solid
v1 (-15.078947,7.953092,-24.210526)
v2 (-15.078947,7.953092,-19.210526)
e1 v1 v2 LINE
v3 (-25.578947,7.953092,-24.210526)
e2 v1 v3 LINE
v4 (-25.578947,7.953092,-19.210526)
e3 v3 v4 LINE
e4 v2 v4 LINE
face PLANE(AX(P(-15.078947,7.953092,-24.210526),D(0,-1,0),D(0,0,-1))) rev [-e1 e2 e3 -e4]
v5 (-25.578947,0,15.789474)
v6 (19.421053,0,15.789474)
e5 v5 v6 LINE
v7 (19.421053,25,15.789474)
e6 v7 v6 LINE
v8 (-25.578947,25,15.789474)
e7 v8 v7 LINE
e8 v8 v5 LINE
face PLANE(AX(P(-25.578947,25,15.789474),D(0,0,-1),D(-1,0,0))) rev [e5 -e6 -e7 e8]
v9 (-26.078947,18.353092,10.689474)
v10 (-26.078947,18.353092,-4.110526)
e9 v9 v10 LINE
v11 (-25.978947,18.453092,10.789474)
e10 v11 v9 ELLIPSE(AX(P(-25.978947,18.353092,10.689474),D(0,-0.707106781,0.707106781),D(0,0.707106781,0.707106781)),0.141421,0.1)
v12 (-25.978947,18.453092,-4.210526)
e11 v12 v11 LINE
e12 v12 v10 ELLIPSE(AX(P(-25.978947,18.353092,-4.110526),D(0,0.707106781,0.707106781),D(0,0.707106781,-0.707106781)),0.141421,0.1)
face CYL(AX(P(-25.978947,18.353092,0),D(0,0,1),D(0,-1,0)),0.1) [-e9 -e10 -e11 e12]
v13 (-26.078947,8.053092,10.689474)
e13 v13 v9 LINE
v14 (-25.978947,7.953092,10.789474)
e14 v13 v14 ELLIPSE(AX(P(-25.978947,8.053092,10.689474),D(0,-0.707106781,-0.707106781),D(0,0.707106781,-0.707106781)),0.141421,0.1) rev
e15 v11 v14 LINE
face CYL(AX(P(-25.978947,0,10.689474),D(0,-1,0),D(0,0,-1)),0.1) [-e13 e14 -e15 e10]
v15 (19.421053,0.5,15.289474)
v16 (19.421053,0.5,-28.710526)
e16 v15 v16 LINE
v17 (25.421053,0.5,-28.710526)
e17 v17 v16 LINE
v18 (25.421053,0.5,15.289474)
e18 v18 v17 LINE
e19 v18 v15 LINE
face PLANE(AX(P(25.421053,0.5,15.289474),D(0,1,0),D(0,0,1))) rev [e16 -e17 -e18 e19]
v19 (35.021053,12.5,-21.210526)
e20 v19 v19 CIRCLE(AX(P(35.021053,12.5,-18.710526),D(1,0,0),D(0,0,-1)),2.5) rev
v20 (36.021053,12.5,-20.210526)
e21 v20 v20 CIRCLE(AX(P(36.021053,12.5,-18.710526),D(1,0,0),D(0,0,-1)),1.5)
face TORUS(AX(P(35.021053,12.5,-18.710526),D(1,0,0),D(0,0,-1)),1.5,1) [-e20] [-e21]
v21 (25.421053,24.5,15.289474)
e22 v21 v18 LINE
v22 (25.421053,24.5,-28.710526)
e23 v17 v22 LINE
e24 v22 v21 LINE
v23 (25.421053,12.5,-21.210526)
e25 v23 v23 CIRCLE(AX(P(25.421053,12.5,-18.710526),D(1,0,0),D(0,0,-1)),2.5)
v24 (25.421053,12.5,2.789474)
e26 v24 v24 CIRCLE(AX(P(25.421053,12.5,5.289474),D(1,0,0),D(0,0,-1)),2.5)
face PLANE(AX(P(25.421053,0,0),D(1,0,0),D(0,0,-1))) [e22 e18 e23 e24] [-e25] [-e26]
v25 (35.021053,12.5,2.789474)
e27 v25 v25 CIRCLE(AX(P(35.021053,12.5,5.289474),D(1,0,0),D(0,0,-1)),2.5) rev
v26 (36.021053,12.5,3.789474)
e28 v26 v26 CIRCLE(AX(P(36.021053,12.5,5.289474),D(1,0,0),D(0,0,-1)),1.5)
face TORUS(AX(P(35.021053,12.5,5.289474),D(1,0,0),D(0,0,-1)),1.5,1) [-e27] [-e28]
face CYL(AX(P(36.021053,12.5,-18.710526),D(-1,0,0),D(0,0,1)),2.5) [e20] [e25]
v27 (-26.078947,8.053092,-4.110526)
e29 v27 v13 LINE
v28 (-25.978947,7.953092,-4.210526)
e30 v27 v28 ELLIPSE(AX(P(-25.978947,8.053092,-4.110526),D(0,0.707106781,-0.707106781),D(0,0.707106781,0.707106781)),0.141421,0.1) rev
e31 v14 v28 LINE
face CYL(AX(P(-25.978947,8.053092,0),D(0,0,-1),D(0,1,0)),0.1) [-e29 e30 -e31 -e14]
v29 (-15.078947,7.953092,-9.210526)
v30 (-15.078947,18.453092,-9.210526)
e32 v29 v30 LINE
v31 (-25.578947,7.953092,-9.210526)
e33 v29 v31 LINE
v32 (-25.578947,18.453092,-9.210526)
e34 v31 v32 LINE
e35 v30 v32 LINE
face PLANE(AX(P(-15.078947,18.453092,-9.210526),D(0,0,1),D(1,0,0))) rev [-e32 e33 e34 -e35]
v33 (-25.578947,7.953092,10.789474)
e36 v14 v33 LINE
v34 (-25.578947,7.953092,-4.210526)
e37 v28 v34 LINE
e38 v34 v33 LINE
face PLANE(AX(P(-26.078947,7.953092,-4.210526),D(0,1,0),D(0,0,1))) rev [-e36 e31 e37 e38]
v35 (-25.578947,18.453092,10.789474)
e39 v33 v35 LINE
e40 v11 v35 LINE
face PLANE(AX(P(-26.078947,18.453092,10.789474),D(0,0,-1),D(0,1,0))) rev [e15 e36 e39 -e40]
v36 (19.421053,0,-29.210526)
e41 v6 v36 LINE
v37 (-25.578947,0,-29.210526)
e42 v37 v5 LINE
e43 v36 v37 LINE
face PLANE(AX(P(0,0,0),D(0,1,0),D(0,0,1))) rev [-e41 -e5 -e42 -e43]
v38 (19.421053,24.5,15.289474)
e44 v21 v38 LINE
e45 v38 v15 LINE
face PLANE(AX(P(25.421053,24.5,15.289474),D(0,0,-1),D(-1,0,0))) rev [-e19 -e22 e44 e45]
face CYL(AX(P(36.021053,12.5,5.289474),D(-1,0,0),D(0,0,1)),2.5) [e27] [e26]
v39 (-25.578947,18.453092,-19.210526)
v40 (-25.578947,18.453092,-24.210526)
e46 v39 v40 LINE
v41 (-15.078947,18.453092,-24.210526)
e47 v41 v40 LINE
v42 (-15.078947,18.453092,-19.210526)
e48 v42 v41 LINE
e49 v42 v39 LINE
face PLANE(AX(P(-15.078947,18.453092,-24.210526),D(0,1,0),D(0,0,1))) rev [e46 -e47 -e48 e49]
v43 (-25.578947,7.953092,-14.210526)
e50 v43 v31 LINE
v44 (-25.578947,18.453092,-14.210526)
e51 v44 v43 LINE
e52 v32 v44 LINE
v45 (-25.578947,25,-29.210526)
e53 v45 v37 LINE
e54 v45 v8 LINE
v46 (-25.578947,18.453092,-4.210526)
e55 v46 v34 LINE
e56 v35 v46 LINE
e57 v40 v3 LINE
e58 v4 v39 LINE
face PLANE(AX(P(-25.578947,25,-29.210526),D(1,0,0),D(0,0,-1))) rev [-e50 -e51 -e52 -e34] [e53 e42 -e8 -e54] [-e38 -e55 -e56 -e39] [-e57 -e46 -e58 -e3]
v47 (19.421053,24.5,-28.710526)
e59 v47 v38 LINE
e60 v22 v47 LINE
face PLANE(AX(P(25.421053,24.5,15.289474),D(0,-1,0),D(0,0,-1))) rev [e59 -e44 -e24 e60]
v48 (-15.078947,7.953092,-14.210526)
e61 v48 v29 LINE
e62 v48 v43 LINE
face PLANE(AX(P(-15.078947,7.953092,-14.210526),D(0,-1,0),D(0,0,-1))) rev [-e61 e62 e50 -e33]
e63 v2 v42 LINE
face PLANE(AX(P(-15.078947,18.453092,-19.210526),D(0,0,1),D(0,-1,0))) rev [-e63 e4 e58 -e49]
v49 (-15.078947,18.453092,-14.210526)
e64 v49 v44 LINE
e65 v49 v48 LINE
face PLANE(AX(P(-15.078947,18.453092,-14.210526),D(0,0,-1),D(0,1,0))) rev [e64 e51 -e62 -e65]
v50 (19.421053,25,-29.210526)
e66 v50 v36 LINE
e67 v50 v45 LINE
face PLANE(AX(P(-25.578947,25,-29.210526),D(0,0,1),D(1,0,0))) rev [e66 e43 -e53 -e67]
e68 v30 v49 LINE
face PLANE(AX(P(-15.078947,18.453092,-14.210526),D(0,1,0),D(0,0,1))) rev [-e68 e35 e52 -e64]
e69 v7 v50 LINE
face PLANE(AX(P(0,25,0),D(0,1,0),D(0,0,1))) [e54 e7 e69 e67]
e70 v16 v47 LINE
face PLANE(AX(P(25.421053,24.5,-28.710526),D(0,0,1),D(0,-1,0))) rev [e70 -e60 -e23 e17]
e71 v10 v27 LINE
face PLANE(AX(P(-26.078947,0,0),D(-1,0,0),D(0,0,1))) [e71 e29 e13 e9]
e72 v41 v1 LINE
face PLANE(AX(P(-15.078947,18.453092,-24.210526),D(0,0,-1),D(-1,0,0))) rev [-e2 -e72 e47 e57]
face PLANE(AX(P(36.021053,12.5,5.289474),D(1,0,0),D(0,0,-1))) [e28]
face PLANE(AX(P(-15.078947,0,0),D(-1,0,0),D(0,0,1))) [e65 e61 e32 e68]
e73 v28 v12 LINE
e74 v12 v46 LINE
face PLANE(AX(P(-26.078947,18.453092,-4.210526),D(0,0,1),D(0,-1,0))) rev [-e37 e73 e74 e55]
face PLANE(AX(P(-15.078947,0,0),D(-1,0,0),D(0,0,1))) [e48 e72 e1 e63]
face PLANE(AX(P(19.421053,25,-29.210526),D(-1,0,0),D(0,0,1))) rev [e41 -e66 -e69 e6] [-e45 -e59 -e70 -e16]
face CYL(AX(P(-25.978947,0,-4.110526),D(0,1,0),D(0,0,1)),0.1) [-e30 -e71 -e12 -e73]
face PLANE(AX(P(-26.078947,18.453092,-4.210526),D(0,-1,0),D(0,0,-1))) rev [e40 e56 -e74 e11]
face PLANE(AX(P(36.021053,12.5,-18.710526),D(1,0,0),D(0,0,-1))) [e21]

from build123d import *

# Parameters (mm, degrees)
SKETCH1_W           = 45
SKETCH1_H           = 45
BOSS_EXTRUDE1_DEPTH = 25
SKETCH2_W           = 44
SKETCH2_H           = 24
BOSS_EXTRUDE2_DEPTH = 6
SKETCH3_R           = 2.5
BOSS_EXTRUDE3_DEPTH = 10.6
FILLET12_R          = 1
FILLET13_R          = 1
SKETCH4_W           = 5
SKETCH4_H           = 10.5
CUT_EXTRUDE1_DEPTH  = 10.5
SKETCH5_W           = 15
SKETCH5_H           = 10.5
BOSS_EXTRUDE4_DEPTH = 0.5
FILLET14_R          = 0.1


with BuildPart() as part:
    # Sketch1 → Boss-Extrude1 (new body)
    with BuildSketch(Plane(origin=(0, 0, 0), x_dir=(1, 0, 0), z_dir=(0, 1, 0))):
        with Locations((-3.078947368, 6.710526316)):
            Rectangle(SKETCH1_W, SKETCH1_H)
    extrude(amount=BOSS_EXTRUDE1_DEPTH)

    # Sketch2 → Boss-Extrude2 (add)
    with BuildSketch(Plane(origin=(19.421052632, 0, 0), x_dir=(0, 0, -1), z_dir=(1, 0, 0))):
        with Locations((6.710526316, 12.5)):
            Rectangle(SKETCH2_W, SKETCH2_H)
    extrude(amount=BOSS_EXTRUDE2_DEPTH)

    # Sketch3 → Boss-Extrude3 (add)
    with BuildSketch(Plane(origin=(25.421052632, 0, 0), x_dir=(0, 0, -1), z_dir=(1, 0, 0))):
        with Locations((18.710526316, 12.5)):
            Circle(SKETCH3_R)
        with Locations((-5.289473684, 12.5)):
            Circle(SKETCH3_R)
    extrude(amount=BOSS_EXTRUDE3_DEPTH)

    # Fillet12
    fillet12_edges = [part.edges().sort_by_distance(p)[0] for p in [
        (36.021052632, 12.5, 7.789473684),
    ]]
    fillet(fillet12_edges, radius=FILLET12_R)

    # Fillet13
    fillet13_edges = [part.edges().sort_by_distance(p)[0] for p in [
        (36.021052632, 12.5, -16.210526316),
    ]]
    fillet(fillet13_edges, radius=FILLET13_R)

    # Sketch4 → Cut-Extrude1 (cut)
    with BuildSketch(Plane.ZY.offset(25.578947368)):
        with Locations((-21.710526316, 13.203091604)):
            Rectangle(SKETCH4_W, SKETCH4_H)
        with Locations((-11.710526316, 13.203091604)):
            Rectangle(SKETCH4_W, SKETCH4_H)
    extrude(amount=-CUT_EXTRUDE1_DEPTH, mode=Mode.SUBTRACT)

    # Sketch5 → Boss-Extrude4 (add)
    with BuildSketch(Plane.ZY.offset(25.578947368)):
        with Locations((3.289473684, 13.203091604)):
            Rectangle(SKETCH5_W, SKETCH5_H)
    extrude(amount=BOSS_EXTRUDE4_DEPTH)

    # Fillet14
    fillet14_edges = [part.edges().sort_by_distance(p)[0] for p in [
        (-26.078947368, 13.203091604, -4.210526316),
        (-26.078947368, 7.953091604, 3.289473684),
        (-26.078947368, 13.203091604, 10.789473684),
        (-26.078947368, 18.453091604, 3.289473684),
    ]]
    fillet(fillet14_edges, radius=FILLET14_R)


solid = part.part
